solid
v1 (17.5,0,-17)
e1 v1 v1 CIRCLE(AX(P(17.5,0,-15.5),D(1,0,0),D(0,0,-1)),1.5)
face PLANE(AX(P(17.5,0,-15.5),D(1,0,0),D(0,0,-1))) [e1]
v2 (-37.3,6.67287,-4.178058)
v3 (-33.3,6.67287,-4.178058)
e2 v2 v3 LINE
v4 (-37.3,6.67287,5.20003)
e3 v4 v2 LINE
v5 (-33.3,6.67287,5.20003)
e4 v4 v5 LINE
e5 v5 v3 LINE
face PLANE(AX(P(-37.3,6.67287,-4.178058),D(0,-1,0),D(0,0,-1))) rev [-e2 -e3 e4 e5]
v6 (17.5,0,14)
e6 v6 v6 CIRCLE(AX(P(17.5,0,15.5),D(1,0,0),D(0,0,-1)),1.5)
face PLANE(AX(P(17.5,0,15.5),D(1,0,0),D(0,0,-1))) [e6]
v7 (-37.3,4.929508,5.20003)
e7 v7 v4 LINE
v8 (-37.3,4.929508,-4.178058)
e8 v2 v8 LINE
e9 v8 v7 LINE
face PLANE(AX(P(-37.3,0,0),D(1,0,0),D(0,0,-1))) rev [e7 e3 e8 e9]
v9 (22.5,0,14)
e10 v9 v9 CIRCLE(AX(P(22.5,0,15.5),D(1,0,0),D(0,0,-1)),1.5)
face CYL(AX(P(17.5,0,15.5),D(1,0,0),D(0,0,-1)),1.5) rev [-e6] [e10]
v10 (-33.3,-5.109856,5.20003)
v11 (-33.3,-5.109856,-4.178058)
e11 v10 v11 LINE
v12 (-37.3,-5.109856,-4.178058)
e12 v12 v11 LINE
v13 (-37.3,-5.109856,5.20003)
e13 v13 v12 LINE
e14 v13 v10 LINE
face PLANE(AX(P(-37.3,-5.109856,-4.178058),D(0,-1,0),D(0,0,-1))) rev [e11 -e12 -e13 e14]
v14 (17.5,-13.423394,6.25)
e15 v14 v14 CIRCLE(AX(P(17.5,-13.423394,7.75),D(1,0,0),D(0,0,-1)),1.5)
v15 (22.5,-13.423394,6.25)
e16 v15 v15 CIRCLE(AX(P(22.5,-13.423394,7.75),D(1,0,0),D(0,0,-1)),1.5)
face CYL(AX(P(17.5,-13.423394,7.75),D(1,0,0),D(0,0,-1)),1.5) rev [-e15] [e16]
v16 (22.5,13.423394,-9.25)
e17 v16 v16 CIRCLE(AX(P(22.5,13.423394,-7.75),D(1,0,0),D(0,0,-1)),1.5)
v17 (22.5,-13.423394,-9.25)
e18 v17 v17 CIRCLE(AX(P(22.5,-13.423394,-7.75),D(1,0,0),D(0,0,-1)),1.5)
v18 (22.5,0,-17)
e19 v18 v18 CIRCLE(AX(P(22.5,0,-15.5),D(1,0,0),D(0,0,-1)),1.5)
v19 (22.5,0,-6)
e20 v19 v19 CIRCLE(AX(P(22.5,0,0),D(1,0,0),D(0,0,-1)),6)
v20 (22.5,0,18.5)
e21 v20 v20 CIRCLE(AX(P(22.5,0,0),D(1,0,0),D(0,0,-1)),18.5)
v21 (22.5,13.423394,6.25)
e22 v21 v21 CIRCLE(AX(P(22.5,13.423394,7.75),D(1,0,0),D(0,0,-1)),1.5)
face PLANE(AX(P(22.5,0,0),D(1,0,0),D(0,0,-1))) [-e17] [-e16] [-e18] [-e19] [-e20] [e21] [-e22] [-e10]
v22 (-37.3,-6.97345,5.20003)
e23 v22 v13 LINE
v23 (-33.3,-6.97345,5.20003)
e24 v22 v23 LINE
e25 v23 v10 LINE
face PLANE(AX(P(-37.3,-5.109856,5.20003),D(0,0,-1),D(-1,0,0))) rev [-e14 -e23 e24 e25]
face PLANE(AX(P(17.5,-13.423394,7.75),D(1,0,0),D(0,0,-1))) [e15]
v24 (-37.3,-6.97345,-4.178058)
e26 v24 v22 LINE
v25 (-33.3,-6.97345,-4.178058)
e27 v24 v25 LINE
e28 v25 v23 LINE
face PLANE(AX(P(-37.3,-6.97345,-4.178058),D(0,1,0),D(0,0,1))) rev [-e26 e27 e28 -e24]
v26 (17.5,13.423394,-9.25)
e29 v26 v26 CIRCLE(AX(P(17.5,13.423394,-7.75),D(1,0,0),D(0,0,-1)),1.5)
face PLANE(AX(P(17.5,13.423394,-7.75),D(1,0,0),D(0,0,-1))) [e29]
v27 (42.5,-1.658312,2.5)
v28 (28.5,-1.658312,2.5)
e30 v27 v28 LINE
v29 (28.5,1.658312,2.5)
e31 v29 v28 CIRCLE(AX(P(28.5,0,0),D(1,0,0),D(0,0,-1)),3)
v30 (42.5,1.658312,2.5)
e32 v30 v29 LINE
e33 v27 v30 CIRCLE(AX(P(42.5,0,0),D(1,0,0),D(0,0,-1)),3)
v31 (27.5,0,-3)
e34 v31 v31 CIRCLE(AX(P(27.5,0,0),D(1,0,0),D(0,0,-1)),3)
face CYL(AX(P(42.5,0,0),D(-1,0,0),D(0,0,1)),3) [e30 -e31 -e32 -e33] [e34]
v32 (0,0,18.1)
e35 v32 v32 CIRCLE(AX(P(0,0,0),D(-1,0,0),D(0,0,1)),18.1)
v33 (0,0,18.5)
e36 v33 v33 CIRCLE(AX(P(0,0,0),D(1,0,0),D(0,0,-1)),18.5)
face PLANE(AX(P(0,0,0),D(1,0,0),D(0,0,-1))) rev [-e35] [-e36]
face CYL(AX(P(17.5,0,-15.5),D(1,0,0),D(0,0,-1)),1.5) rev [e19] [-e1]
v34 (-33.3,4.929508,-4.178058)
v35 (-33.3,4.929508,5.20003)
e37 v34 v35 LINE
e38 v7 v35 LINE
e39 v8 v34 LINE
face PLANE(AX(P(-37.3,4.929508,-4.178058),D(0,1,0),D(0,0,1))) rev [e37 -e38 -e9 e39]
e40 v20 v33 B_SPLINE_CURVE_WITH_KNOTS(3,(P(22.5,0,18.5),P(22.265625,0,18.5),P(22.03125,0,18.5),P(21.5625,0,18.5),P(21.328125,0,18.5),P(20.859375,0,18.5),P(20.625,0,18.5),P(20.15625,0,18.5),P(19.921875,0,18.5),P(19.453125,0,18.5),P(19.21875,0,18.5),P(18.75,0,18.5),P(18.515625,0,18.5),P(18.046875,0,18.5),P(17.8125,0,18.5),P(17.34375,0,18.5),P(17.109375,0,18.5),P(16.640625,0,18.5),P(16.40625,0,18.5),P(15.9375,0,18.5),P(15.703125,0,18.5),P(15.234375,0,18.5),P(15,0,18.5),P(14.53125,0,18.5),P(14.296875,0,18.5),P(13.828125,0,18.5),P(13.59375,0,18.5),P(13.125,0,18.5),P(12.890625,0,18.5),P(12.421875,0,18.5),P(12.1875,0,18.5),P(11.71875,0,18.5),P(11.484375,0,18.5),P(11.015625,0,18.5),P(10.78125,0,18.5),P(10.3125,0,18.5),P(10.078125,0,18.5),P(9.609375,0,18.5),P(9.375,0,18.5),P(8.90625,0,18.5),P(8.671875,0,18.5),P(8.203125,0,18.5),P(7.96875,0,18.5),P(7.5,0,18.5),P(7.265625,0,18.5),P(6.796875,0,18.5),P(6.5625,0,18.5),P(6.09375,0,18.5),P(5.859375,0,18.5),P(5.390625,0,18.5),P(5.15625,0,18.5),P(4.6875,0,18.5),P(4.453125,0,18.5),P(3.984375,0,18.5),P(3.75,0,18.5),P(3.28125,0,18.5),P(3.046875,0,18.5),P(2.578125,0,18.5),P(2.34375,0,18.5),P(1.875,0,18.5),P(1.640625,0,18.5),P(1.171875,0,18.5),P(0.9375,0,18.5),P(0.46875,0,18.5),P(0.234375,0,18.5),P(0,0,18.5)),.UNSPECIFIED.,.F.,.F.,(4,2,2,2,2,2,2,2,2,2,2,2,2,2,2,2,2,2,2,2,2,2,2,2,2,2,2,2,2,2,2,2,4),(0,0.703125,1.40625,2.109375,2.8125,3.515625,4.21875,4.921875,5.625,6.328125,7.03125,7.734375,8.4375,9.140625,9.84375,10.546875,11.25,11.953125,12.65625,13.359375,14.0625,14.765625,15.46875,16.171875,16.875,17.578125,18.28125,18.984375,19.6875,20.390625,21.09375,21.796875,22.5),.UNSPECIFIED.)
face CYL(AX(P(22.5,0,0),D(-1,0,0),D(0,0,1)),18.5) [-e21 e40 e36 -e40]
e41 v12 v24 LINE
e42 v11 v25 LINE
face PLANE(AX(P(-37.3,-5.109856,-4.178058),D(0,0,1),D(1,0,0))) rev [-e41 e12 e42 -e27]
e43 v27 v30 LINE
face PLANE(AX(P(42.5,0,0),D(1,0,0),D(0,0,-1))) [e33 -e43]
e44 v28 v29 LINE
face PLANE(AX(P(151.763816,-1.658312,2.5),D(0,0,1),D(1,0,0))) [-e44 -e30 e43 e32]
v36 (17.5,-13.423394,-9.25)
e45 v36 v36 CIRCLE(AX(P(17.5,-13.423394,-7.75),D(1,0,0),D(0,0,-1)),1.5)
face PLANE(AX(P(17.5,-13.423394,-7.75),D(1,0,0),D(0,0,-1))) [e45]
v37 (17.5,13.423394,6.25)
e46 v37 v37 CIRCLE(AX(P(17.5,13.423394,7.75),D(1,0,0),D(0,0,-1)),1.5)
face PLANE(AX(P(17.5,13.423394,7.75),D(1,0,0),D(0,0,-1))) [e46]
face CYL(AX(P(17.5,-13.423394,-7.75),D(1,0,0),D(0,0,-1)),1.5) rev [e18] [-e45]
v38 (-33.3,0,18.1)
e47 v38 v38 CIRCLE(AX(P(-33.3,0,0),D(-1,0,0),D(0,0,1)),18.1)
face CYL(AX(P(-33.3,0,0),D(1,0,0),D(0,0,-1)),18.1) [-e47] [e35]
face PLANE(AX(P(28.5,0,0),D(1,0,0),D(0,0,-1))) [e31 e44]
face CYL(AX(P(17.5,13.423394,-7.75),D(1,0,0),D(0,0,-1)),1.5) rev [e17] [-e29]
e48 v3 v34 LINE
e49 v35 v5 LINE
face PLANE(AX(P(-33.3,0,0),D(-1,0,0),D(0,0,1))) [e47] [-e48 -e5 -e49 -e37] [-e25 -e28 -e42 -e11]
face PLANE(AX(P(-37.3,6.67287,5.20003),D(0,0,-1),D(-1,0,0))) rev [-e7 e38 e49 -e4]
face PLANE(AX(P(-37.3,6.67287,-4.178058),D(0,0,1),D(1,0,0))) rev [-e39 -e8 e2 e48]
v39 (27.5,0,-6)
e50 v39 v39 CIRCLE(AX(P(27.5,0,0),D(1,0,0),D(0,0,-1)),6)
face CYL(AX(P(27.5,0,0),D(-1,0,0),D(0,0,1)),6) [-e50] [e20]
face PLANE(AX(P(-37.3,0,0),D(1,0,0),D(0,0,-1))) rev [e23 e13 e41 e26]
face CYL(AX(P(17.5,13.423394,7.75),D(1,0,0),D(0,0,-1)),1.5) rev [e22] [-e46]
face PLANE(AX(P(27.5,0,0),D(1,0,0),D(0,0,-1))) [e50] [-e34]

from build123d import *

# Parameters (mm, degrees)
SKETCH1_R               = 18.5
BOSS_EXTRUDE1_DEPTH     = 22.5
SKETCH2_R               = 6
BOSS_EXTRUDE2_DEPTH     = 5
SKETCH3_R               = 3
BOSS_EXTRUDE3_DEPTH     = 15
CUT_EXTRUDE1_DEPTH      = 50.907414279
CUT_EXTRUDE1_DEPTH_BACK = 14
SKETCH5_R               = 18.1
BOSS_EXTRUDE4_DEPTH     = 33.3
SKETCH6_W               = 1.743362505
SKETCH6_H               = 9.378087958
SKETCH6_W_2             = 1.863594402
BOSS_EXTRUDE5_DEPTH     = 4
SKETCH7_R               = 1.5
CUT_EXTRUDE2_DEPTH      = 5


with BuildPart() as part:
    # Sketch1 → Boss-Extrude1 (new body)
    with BuildSketch(Plane.YZ):
        with Locations(Location((0, 0, 0), (0, 0, 90))):
            Circle(SKETCH1_R)
    extrude(amount=BOSS_EXTRUDE1_DEPTH)

    # Sketch2 → Boss-Extrude2 (add)
    with BuildSketch(Plane.YZ.offset(22.5)):
        with Locations(Location((0, 0, 0), (0, 0, 270))):
            Circle(SKETCH2_R)
    extrude(amount=BOSS_EXTRUDE2_DEPTH)

    # Sketch3 → Boss-Extrude3 (add)
    with BuildSketch(Plane.YZ.offset(27.5)):
        with Locations(Location((0, 0, 0), (0, 0, 270))):
            Circle(SKETCH3_R)
    extrude(amount=BOSS_EXTRUDE3_DEPTH)

    # Sketch4 → Cut-Extrude1 (cut, two sides: drawn at the far end of the back side and taken through both)
    with BuildSketch(Plane.YZ.offset(42.5).offset(-CUT_EXTRUDE1_DEPTH_BACK)):
        Polygon((-69.877125802, 2.5), (-1.658312395, 2.5), (1.658312395, 2.5), (69.877125802, 2.5), (69.877125802, 138.937626813), (-69.877125802, 138.937626813), align=None)
    extrude(amount=CUT_EXTRUDE1_DEPTH + CUT_EXTRUDE1_DEPTH_BACK, mode=Mode.SUBTRACT)

    # Sketch5 → Boss-Extrude4 (add)
    with BuildSketch(Plane(origin=(0, 0, 0), x_dir=(0, -1, 0), z_dir=(-1, 0, 0))):
        with Locations(Location((0, 0, 0), (0, 0, 90))):
            Circle(SKETCH5_R)
    extrude(amount=BOSS_EXTRUDE4_DEPTH)

    # Sketch6 → Boss-Extrude5 (add)
    with BuildSketch(Plane(origin=(-33.3, 0, 0), x_dir=(0, -1, 0), z_dir=(-1, 0, 0))):
        with Locations((-5.801189026, 0.510985562)):
            Rectangle(SKETCH6_W, SKETCH6_H)
        with Locations((6.041652819, 0.510985562)):
            Rectangle(SKETCH6_W_2, SKETCH6_H)
    extrude(amount=BOSS_EXTRUDE5_DEPTH)

    # Sketch7 → Cut-Extrude2 (cut)
    with BuildSketch(Plane.YZ.offset(22.5)):
        with Locations(Location((0, 15.5, 0), (0, 0, 270))):
            Circle(SKETCH7_R)
        with Locations(Location((13.423393759, 7.75, 0), (0, 0, 270))):
            Circle(SKETCH7_R)
        with Locations(Location((13.423393759, -7.75, 0), (0, 0, 270))):
            Circle(SKETCH7_R)
        with Locations(Location((0, -15.5, 0), (0, 0, 270))):
            Circle(SKETCH7_R)
        with Locations(Location((-13.423393759, -7.75, 0), (0, 0, 270))):
            Circle(SKETCH7_R)
        with Locations(Location((-13.423393759, 7.75, 0), (0, 0, 270))):
            Circle(SKETCH7_R)
    extrude(amount=-CUT_EXTRUDE2_DEPTH, mode=Mode.SUBTRACT)


solid = part.part
